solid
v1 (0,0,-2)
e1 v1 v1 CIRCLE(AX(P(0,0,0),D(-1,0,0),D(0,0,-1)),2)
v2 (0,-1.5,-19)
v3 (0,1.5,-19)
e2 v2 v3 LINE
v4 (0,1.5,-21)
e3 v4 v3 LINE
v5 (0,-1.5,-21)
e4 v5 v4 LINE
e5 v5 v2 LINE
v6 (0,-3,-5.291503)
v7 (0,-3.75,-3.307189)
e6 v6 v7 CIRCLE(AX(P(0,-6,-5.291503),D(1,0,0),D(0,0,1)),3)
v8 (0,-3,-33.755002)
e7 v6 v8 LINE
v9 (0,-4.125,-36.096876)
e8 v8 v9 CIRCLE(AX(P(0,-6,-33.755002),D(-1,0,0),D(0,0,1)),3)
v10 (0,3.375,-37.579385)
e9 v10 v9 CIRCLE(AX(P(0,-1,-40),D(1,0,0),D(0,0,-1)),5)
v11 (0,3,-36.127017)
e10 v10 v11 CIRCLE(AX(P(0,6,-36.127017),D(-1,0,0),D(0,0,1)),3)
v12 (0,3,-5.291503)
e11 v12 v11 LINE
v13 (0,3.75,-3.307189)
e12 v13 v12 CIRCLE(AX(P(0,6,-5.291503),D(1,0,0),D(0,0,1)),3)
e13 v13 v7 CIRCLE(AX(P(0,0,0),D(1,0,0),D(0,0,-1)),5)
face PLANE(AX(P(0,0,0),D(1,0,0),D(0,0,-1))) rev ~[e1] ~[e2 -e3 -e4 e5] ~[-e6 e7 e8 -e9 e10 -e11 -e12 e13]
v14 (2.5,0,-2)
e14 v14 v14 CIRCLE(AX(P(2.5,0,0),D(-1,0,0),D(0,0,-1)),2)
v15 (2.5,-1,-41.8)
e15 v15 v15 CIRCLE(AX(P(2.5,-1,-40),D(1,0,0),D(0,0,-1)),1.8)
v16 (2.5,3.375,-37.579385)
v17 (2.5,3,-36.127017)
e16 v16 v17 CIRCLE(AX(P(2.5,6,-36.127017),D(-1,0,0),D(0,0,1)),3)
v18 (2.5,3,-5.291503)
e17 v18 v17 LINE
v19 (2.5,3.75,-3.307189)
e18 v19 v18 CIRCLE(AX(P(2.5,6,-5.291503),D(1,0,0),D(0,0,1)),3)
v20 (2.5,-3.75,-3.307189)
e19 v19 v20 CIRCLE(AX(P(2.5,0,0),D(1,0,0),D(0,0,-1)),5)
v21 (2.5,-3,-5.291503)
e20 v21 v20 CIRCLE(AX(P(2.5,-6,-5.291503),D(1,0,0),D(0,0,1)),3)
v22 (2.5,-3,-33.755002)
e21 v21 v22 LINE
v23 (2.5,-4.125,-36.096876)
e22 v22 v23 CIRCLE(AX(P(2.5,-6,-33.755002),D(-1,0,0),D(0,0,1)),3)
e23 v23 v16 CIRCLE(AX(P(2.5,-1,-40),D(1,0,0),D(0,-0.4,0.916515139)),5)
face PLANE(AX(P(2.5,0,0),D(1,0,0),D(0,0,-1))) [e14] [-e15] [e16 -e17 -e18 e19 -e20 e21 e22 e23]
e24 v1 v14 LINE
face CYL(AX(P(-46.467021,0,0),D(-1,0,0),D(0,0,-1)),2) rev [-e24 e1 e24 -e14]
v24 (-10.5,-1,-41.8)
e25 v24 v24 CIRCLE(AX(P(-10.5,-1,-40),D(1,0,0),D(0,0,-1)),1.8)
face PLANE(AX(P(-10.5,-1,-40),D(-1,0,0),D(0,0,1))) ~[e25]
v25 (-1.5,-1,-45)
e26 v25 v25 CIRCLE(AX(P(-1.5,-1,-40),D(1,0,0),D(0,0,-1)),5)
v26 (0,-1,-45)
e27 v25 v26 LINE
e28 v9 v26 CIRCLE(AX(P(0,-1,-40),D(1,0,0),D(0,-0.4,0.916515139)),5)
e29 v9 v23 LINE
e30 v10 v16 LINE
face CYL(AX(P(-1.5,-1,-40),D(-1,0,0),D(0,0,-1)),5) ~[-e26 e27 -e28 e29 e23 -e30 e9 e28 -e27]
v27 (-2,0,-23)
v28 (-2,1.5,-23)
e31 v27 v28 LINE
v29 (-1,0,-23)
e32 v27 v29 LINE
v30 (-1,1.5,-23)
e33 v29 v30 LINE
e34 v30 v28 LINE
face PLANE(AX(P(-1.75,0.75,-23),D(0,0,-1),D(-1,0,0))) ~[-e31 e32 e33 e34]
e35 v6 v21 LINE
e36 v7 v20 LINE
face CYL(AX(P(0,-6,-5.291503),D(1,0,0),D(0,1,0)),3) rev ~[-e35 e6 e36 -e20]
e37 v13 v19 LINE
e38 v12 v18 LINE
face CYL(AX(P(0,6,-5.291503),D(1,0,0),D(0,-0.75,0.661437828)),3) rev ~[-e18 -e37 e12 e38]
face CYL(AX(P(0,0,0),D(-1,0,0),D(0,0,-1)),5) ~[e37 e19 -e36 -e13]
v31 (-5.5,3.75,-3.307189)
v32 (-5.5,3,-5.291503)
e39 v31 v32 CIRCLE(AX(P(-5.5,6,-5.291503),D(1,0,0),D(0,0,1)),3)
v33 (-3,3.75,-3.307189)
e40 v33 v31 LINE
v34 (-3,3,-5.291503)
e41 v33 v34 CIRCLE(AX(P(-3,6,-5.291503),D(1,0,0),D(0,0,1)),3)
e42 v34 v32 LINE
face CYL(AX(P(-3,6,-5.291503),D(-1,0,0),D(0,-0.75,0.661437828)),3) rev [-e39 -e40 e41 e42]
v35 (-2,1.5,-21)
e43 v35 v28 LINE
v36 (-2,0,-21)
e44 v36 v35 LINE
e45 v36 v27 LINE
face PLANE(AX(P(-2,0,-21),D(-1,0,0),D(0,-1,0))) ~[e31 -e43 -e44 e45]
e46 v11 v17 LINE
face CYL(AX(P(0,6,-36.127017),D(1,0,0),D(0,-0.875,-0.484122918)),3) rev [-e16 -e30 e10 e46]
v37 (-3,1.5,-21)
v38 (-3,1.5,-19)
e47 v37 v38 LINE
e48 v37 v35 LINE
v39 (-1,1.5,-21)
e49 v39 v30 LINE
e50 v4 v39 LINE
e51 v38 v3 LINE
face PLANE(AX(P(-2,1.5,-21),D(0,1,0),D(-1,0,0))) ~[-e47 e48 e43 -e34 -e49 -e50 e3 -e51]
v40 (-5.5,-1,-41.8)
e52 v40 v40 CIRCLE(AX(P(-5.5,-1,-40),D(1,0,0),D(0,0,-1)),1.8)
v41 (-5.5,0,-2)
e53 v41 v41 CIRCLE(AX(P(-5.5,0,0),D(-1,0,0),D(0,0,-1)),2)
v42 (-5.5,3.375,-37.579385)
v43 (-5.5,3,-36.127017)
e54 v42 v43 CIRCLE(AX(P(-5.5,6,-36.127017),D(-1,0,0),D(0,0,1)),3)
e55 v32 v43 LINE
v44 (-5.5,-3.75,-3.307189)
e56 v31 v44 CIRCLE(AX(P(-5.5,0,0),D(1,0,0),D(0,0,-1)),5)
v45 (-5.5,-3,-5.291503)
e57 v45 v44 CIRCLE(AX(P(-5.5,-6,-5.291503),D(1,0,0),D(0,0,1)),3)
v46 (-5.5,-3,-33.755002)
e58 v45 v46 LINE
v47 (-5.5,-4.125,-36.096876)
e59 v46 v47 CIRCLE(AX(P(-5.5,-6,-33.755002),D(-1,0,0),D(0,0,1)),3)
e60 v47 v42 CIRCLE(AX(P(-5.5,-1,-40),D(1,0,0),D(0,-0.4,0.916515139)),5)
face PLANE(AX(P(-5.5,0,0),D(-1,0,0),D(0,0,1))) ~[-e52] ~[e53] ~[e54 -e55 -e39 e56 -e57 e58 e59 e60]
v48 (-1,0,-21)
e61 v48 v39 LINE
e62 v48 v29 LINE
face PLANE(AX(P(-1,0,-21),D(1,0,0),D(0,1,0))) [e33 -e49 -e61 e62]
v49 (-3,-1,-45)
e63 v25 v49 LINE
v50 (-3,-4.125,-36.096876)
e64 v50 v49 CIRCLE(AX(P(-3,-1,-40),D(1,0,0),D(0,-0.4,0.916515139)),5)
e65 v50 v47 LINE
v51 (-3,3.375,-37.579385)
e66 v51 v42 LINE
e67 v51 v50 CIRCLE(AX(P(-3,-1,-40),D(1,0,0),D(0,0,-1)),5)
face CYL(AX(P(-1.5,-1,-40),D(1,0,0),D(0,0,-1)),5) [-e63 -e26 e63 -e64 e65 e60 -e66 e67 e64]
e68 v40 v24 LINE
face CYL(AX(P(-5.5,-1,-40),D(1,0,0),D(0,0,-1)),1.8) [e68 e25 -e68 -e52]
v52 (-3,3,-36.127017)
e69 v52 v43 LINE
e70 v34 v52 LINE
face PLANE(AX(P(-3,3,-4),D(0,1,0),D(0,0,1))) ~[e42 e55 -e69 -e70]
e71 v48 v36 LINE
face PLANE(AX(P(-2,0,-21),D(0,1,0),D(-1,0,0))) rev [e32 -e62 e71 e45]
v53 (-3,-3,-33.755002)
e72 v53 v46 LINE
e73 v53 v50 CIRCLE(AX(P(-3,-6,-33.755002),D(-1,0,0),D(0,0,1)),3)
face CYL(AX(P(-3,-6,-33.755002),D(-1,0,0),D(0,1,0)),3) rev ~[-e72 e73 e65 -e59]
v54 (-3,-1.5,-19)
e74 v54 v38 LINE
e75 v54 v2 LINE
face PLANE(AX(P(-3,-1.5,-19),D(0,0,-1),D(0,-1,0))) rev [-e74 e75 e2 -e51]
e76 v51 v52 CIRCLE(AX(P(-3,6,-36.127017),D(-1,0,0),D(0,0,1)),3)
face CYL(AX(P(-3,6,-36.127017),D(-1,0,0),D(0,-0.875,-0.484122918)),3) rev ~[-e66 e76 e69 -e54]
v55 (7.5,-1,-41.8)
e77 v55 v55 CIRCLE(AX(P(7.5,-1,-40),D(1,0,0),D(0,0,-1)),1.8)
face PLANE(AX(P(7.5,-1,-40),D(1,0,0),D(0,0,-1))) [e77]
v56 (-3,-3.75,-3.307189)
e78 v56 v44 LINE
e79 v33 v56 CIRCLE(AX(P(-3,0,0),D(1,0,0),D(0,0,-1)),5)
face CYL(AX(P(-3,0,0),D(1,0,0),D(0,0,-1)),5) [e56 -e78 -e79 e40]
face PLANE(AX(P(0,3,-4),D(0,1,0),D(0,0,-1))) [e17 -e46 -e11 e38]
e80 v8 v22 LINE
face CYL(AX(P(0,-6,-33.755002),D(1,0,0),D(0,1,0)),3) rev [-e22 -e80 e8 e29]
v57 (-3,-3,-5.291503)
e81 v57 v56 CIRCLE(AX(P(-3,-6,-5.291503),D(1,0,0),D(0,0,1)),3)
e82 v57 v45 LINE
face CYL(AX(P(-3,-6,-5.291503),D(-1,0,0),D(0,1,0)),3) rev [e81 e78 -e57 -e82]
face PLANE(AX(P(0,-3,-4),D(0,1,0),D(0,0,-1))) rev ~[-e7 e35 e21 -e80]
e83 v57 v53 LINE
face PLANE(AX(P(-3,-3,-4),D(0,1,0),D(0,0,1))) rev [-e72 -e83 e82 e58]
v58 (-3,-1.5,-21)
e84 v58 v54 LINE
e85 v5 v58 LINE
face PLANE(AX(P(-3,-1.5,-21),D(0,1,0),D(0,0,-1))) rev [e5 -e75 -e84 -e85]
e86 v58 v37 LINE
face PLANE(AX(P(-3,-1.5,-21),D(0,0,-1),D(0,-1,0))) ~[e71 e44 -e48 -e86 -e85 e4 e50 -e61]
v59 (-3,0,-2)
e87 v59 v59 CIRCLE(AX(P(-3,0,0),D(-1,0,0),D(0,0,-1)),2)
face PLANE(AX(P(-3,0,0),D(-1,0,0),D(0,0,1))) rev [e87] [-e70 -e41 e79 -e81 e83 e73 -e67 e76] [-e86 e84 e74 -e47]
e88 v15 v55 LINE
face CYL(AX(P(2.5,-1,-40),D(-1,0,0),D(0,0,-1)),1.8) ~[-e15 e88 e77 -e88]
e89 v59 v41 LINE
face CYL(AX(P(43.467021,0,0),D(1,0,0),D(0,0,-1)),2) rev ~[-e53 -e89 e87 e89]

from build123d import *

# Parameters (mm, degrees)
SKETCH_1_R                  = 5
SKETCH_1_W                  = 40
SKETCH_1_H                  = 6
EXTRUDE_1_DEPTH             = 2.5
CUT_EXTRUDE_2_DEPTH         = 46.467021015
CUT_EXTRUDE_2_DEPTH_BACK    = 46.467021015
SKETCH_1_3_R                = 2
FILLET_1_R                  = 3
EXTRUDE_START               = -1.5
SKETCH_1_4_R                = 5
SKETCH_1_4_R_2              = 2
EXTRUDE_2_DEPTH             = 1.5
SKETCH_2_R                  = 1.8
EXTRUDE_4_DEPTH             = 5
EXTRUDE_5_REACH             = 48.014
SKETCH_1_5_R                = 2
EXTRUDE_5_DIRECTION_2_REACH = 48.014
SKETCH_3_W                  = 2
SKETCH_3_H                  = 3
EXTRUDE_8_DEPTH             = 1.5
SKETCH_4_W                  = 0.5
SKETCH_4_H                  = 1.5
EXTRUDE_9_DEPTH             = 2


with BuildPart() as part:
    # 草图1 → 凸台-拉伸1 (new body)
    with BuildSketch(Plane(origin=(0, 0, 0), x_dir=(0, 0, -1), z_dir=(1, 0, 0))):
        Circle(SKETCH_1_R)
        with Locations((40, -1)):
            Circle(SKETCH_1_R)
        with Locations((20, 0)):
            Rectangle(SKETCH_1_W, SKETCH_1_H)
    extrude(amount=EXTRUDE_1_DEPTH)

    # 草图1<3> → 切除-拉伸2 (cut, two sides: drawn at the far end of the back side and taken through both)
    with BuildSketch(Plane(origin=(0, 0, 0), x_dir=(0, 0, -1), z_dir=(1, 0, 0)).offset(-CUT_EXTRUDE_2_DEPTH_BACK)):
        Circle(SKETCH_1_3_R)
        with Locations((40, -1)):
            Circle(SKETCH_1_3_R)
    extrude(amount=CUT_EXTRUDE_2_DEPTH + CUT_EXTRUDE_2_DEPTH_BACK, mode=Mode.SUBTRACT)

    # 圆角1
    fillet_1_edges = [part.edges().sort_by_distance(p)[0] for p in [
        (1.25, -3, -4),
        (1.25, -3, -35.417424305),
        (1.25, 3, -37),
        (1.25, 3, -4),
    ]]
    fillet(fillet_1_edges, radius=FILLET_1_R)

    # 草图1<4> → 凸台-拉伸2 (add)
    with BuildSketch(Plane(origin=(0, 0, 0), x_dir=(0, 0, -1), z_dir=(1, 0, 0)).offset(EXTRUDE_START)):
        with Locations((40, -1)):
            Circle(SKETCH_1_4_R)
        with Locations((40, -1)):
            Circle(SKETCH_1_4_R_2, mode=Mode.SUBTRACT)
    extrude(amount=EXTRUDE_2_DEPTH)

    # 凸台-拉伸5: up to this face of the body (flat: up to its plane)
    extrude_5_end = Plane(part.part.faces().sort_by_distance((2.5, -0.197791912, -20.041492076))[0])
    # 草图1<5> → 凸台-拉伸5 (add, up to the picked face)
    with BuildSketch(Plane(origin=(0, 0, 0), x_dir=(0, 0, -1), z_dir=(1, 0, 0)), mode=Mode.PRIVATE) as extrude_5_sk1:
        with Locations((40, -1)):
            Circle(SKETCH_1_5_R)
    extrude_5_tool1 = split(extrude(extrude_5_sk1.sketch, amount=EXTRUDE_5_REACH, mode=Mode.PRIVATE), bisect_by=extrude_5_end, keep=Keep.BOTH, mode=Mode.PRIVATE)


with BuildPart() as body_2:
    # 草图2 → 凸台-拉伸4 (new body)
    with BuildSketch(Plane(origin=(2.5, 0, 0), x_dir=(0, 0, -1), z_dir=(1, 0, 0))):
        with Locations((40, -1)):
            Circle(SKETCH_2_R)
    extrude(amount=EXTRUDE_4_DEPTH)


with BuildPart() as part_1:
    add(part.part)

    add(body_2.part)  # 凸台-拉伸5 merges body 2
    add(extrude_5_tool1.solids().sort_by(Axis((0, -1, -40), (1, 0, 0)))[0])

    # 凸台-拉伸5 direction 2: up to this face of the body (flat: up to its plane)
    extrude_5_direction_2_end = Plane(part_1.part.faces().sort_by_distance((-1.5, -1, -35.141421356))[0])
    # 草图1<5> → 凸台-拉伸5 direction 2 (add, up to the picked face)
    with BuildSketch(Plane(origin=(0, 0, 0), x_dir=(0, 0, -1), z_dir=(1, 0, 0)), mode=Mode.PRIVATE) as extrude_5_direction_2_sk1:
        with Locations((40, -1)):
            Circle(SKETCH_1_5_R)
    extrude_5_direction_2_tool1 = split(extrude(extrude_5_direction_2_sk1.sketch, amount=-EXTRUDE_5_DIRECTION_2_REACH, mode=Mode.PRIVATE), bisect_by=extrude_5_direction_2_end, keep=Keep.BOTH, mode=Mode.PRIVATE)
    add(extrude_5_direction_2_tool1.solids().sort_by(Axis((0, -1, -40), (-1, 0, 0)))[0])

    # 草图3 → 凸台-拉伸8 (add)
    with BuildSketch(Plane.ZY):
        with Locations((-20, 0)):
            Rectangle(SKETCH_3_W, SKETCH_3_H)
    extrude(amount=EXTRUDE_8_DEPTH)

    # 草图4 → 凸台-拉伸9 (add)
    with BuildSketch(Plane(origin=(0, 0, -21), x_dir=(-1, 0, 0), z_dir=(0, 0, -1))):
        with Locations((1.25, 0.75)):
            Rectangle(SKETCH_4_W, SKETCH_4_H)
    extrude(amount=EXTRUDE_9_DEPTH)

    # 镜向3: part across plane


with BuildPart() as part_2:
    add(part_1.part)
    add(part_1.part.mirror(Plane.ZY.offset(1.5)))


solid = part_2.part
